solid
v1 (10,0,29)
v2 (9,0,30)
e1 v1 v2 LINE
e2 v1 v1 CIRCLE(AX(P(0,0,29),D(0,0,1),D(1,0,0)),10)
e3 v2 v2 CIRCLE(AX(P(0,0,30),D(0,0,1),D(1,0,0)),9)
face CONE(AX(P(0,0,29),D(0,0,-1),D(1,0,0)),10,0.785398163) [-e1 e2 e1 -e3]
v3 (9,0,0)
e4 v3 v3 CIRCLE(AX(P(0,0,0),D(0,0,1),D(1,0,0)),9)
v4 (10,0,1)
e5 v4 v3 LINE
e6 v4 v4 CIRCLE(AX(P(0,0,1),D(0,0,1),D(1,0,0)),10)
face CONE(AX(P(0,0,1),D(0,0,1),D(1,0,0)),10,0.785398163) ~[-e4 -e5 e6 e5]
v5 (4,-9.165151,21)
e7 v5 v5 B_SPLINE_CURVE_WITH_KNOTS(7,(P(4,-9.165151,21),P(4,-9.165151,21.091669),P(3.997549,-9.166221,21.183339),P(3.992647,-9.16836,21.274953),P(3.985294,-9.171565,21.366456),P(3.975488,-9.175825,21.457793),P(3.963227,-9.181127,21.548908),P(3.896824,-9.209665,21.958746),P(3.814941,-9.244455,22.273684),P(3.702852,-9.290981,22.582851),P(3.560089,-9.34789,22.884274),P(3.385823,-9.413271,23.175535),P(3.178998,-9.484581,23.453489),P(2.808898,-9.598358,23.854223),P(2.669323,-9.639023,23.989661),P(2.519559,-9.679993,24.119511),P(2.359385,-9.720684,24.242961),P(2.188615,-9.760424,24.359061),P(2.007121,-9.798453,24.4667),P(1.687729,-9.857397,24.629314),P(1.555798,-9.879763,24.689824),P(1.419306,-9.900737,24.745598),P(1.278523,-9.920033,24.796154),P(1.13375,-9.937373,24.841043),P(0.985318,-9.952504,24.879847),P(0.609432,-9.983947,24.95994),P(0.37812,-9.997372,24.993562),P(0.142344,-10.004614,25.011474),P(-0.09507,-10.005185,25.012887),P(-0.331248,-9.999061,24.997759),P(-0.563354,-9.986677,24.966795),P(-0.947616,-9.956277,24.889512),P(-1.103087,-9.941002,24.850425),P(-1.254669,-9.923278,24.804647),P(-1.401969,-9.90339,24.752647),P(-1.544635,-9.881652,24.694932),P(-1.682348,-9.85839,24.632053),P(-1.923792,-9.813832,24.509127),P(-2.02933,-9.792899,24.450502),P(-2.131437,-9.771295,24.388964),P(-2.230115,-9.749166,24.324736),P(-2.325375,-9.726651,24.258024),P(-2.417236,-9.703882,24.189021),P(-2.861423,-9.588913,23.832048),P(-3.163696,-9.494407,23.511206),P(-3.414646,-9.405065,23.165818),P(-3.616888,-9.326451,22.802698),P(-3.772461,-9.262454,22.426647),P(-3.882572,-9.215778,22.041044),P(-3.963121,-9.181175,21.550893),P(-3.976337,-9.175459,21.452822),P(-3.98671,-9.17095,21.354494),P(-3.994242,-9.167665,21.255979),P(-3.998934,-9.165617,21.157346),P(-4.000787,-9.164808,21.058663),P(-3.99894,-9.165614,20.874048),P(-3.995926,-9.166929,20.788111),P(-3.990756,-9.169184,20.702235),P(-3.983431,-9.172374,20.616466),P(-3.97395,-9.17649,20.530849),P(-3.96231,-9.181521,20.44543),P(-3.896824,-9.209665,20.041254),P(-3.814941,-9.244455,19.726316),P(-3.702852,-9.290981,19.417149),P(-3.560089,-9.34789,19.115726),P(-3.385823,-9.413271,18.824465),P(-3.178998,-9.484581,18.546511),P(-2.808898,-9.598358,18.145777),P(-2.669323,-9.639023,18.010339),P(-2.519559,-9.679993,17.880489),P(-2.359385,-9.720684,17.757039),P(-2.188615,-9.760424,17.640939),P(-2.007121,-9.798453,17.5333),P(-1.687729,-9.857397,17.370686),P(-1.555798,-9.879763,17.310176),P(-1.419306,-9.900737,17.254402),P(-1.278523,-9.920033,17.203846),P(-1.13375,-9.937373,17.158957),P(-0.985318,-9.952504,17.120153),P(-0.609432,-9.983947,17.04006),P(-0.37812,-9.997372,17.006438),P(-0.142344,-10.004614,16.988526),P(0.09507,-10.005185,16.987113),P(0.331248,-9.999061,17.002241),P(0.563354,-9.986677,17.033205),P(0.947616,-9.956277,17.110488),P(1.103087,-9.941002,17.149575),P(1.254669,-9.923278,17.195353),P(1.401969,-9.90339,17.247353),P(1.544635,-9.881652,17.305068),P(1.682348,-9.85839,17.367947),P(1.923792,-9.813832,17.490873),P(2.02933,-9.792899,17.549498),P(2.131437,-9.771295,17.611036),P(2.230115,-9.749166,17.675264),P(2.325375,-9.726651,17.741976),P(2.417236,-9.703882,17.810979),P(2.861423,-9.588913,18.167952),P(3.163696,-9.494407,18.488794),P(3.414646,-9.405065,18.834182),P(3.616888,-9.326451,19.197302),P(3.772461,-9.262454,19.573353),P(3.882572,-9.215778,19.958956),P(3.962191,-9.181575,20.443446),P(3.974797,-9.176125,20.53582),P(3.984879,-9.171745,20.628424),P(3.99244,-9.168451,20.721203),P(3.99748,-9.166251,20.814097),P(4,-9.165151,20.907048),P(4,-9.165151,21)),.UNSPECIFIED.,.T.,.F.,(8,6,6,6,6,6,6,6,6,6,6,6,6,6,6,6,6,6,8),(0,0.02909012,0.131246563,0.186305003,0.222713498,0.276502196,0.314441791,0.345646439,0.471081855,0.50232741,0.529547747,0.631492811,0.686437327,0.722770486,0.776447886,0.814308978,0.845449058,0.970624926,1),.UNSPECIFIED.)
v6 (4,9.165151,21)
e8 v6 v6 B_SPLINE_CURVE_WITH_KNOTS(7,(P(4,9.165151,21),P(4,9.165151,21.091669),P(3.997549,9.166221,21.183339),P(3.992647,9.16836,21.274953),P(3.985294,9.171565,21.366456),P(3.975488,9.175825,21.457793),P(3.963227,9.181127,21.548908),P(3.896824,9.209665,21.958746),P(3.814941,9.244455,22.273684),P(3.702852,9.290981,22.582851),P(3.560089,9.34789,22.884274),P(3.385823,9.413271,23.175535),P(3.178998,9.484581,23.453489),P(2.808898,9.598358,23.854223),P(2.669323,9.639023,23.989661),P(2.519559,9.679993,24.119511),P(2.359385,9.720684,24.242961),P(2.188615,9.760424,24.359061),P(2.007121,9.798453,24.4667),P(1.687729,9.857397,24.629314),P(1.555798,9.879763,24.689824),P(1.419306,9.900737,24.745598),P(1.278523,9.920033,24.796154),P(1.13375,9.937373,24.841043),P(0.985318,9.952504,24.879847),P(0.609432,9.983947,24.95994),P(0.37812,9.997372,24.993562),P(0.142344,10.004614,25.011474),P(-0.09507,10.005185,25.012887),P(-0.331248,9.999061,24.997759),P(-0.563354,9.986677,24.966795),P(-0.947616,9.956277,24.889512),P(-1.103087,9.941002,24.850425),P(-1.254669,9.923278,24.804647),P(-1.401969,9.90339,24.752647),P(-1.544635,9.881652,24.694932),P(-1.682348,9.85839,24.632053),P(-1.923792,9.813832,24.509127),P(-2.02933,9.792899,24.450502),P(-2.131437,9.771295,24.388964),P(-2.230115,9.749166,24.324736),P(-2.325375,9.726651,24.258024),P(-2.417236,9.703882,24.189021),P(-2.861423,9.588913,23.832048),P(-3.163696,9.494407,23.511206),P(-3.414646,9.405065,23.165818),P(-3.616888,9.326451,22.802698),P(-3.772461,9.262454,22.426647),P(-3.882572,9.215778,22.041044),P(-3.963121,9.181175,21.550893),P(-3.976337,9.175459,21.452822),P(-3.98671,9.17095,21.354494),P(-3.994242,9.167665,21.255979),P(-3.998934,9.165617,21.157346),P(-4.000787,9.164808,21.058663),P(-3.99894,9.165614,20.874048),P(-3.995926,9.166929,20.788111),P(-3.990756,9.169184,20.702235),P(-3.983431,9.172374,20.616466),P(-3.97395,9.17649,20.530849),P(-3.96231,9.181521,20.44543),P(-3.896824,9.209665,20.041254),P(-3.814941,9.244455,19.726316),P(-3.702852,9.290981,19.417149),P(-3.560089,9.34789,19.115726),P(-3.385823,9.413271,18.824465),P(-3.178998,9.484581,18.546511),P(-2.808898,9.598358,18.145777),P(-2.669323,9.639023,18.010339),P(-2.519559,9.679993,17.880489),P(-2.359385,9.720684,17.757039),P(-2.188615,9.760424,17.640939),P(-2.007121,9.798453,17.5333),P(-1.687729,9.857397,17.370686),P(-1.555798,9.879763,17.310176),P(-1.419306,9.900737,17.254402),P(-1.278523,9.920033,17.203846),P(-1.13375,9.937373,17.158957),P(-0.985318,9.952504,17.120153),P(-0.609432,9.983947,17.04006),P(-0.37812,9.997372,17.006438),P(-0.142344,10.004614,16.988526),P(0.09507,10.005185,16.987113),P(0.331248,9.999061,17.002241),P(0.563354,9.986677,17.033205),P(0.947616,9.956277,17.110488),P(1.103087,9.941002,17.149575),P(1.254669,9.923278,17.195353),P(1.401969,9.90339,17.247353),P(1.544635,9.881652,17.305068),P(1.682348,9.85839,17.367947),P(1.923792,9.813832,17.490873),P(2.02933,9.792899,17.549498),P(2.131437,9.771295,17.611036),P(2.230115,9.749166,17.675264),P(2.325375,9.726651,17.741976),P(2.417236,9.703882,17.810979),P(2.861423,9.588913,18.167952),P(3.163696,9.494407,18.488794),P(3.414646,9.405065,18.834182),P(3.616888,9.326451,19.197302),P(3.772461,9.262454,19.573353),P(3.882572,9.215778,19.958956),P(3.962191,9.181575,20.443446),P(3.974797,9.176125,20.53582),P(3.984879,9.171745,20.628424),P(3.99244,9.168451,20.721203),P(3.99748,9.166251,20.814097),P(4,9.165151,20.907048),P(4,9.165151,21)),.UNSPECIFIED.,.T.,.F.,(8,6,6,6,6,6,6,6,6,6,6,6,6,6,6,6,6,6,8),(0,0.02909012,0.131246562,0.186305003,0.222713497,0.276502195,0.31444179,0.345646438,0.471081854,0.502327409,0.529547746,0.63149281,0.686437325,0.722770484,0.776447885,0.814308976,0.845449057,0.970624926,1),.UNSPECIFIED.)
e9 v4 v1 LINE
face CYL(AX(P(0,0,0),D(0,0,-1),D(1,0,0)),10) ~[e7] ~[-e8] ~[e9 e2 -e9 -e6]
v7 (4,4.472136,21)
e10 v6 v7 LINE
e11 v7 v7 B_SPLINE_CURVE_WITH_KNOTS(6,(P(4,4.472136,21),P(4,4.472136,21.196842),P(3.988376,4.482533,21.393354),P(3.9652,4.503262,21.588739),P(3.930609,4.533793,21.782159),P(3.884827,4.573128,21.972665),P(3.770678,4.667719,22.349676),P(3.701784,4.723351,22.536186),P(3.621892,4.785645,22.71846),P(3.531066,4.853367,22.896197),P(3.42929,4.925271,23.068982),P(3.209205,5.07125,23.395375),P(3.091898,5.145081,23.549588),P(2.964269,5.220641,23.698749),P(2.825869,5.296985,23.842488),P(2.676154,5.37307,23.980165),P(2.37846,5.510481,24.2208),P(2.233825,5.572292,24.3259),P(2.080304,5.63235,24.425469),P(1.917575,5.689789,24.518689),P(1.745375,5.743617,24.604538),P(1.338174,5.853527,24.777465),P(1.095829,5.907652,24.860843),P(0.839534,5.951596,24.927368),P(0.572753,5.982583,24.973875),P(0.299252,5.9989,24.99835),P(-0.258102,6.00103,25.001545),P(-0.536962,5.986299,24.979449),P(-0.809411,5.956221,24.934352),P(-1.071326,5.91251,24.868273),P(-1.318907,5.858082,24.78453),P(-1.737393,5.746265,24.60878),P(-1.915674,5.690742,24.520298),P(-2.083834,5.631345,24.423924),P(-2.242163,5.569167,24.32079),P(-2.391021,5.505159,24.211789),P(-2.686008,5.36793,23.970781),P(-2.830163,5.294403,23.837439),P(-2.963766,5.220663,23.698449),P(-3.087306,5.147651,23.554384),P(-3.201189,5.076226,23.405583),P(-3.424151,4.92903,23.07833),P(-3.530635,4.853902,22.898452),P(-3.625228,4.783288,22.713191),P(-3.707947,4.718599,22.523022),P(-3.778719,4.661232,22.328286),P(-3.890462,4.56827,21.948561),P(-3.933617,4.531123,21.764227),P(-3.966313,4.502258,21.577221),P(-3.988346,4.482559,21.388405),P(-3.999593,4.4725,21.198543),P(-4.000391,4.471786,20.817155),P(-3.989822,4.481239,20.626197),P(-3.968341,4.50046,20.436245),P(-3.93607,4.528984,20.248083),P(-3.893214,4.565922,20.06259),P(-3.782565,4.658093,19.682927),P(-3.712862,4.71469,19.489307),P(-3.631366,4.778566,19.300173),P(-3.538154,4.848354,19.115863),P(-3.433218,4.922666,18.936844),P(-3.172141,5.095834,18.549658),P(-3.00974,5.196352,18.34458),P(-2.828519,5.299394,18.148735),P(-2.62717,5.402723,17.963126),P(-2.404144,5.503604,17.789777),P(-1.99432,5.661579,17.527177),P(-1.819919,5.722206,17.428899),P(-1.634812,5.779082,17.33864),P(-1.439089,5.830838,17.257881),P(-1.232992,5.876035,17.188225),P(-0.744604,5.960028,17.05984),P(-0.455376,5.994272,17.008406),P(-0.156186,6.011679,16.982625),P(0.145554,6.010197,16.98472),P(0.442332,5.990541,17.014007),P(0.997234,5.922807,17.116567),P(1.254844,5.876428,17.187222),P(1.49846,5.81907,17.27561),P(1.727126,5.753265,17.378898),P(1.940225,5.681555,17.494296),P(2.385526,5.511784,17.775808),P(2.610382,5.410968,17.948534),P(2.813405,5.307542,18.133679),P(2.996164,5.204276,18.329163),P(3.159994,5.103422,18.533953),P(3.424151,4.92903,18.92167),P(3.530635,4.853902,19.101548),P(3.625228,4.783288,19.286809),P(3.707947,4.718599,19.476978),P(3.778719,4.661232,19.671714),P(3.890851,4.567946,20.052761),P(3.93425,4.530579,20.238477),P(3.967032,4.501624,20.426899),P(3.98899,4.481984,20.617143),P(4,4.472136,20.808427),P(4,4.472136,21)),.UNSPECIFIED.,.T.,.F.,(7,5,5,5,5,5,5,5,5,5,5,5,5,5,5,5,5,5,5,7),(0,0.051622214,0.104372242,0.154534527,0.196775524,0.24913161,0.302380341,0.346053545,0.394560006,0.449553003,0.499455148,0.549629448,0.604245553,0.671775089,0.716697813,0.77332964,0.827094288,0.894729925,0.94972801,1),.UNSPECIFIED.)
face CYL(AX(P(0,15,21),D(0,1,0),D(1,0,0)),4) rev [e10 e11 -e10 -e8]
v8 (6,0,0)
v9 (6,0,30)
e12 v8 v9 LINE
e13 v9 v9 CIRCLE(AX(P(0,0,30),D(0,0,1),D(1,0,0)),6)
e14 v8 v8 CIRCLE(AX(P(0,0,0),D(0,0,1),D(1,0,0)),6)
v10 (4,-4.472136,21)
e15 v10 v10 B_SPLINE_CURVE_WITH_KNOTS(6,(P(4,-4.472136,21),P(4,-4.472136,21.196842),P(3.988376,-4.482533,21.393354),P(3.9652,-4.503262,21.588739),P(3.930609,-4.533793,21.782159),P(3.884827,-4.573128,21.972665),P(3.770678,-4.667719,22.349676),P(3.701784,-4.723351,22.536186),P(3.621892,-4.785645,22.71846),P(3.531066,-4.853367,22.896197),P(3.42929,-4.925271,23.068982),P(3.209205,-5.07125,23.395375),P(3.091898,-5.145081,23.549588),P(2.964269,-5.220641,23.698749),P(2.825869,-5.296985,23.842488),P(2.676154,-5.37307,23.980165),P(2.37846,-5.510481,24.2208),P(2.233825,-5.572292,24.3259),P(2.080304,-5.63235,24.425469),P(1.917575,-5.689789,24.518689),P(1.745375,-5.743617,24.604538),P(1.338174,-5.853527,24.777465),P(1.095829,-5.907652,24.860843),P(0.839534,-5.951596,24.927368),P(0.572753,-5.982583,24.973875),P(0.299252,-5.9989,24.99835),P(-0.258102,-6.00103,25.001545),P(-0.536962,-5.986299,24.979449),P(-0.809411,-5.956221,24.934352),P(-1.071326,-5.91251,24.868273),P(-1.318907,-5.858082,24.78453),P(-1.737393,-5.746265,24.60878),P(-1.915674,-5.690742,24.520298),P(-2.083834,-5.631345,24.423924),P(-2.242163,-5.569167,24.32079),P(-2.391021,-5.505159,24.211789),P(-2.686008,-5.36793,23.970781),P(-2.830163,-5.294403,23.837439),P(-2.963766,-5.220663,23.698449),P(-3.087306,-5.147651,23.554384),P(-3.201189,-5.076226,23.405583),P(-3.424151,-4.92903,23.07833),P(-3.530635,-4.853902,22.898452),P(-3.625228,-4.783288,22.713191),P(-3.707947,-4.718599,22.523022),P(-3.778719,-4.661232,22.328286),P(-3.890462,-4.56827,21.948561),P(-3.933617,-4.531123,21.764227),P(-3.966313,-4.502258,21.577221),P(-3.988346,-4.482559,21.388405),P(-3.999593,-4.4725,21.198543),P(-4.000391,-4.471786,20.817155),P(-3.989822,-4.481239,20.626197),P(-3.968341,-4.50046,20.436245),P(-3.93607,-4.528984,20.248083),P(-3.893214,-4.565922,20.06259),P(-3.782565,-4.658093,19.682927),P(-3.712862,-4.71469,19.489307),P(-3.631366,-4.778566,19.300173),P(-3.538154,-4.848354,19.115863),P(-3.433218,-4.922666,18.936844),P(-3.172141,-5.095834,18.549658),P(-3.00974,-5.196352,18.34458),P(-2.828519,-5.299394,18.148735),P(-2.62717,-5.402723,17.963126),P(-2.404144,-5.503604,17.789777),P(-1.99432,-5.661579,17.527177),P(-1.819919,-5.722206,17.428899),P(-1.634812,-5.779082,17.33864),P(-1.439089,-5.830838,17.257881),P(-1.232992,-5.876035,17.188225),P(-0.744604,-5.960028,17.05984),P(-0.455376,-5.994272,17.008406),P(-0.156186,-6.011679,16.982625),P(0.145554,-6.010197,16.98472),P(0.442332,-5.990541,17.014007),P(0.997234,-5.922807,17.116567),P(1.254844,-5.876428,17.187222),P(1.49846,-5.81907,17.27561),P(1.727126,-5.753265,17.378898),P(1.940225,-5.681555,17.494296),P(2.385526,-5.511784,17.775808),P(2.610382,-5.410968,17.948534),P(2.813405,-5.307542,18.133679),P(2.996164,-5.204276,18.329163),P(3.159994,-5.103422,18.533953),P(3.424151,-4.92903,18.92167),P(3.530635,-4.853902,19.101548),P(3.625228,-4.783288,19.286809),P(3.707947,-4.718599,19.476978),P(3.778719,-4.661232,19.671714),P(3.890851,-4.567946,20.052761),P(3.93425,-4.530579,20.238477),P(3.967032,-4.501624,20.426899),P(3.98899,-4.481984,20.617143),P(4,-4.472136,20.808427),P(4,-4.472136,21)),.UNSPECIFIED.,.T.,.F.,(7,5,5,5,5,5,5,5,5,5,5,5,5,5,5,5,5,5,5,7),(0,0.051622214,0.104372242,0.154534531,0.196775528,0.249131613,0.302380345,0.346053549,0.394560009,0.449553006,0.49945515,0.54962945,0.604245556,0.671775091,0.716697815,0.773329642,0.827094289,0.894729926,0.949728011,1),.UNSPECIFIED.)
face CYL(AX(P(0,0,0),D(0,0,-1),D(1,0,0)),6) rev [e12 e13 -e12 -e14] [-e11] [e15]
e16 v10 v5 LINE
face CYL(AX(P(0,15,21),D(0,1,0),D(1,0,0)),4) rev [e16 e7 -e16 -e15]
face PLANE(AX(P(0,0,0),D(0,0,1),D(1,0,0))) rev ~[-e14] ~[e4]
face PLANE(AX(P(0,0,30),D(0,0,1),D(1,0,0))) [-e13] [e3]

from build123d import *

# Parameters (mm, degrees)
CYLINDER002_R     = 4
CYLINDER002_DEPTH = 30
CYLINDER001_R     = 6
CYLINDER001_DEPTH = 30
CYLINDER_R        = 10
CYLINDER_DEPTH    = 30
CHAMFER_SIZE      = 1
CHAMFER001_SIZE   = 1


with BuildPart() as cilindro002:
    # Cylinder002 → Cylinder002 (new body)
    with BuildSketch(Plane(origin=(0, 15, 21), x_dir=(1, 0, 0), z_dir=(0, -1, 0))):
        Circle(CYLINDER002_R)
    extrude(amount=CYLINDER002_DEPTH)


with BuildPart() as cilindro001:
    # Cylinder001 → Cylinder001 (new body)
    with BuildSketch(Plane.XY):
        Circle(CYLINDER001_R)
    extrude(amount=CYLINDER001_DEPTH)


with BuildPart() as chamfer001:
    # Cylinder → Cylinder (new body)
    with BuildSketch(Plane.XY):
        Circle(CYLINDER_R)
    extrude(amount=CYLINDER_DEPTH)

    # Cut: cut Cilindro001
    add(cilindro001.part, mode=Mode.SUBTRACT)

    # Cut001: cut Cilindro002
    add(cilindro002.part, mode=Mode.SUBTRACT)

    # Chamfer
    chamfer_edges = [chamfer001.edges().sort_by_distance(p)[0] for p in [
        (-10, 0, 30),
    ]]
    chamfer(chamfer_edges, length=CHAMFER_SIZE)

    # Chamfer001
    chamfer001_edges = [chamfer001.edges().sort_by_distance(p)[0] for p in [
        (-10, 0, 0),
    ]]
    chamfer(chamfer001_edges, length=CHAMFER001_SIZE)


solid = chamfer001.part
